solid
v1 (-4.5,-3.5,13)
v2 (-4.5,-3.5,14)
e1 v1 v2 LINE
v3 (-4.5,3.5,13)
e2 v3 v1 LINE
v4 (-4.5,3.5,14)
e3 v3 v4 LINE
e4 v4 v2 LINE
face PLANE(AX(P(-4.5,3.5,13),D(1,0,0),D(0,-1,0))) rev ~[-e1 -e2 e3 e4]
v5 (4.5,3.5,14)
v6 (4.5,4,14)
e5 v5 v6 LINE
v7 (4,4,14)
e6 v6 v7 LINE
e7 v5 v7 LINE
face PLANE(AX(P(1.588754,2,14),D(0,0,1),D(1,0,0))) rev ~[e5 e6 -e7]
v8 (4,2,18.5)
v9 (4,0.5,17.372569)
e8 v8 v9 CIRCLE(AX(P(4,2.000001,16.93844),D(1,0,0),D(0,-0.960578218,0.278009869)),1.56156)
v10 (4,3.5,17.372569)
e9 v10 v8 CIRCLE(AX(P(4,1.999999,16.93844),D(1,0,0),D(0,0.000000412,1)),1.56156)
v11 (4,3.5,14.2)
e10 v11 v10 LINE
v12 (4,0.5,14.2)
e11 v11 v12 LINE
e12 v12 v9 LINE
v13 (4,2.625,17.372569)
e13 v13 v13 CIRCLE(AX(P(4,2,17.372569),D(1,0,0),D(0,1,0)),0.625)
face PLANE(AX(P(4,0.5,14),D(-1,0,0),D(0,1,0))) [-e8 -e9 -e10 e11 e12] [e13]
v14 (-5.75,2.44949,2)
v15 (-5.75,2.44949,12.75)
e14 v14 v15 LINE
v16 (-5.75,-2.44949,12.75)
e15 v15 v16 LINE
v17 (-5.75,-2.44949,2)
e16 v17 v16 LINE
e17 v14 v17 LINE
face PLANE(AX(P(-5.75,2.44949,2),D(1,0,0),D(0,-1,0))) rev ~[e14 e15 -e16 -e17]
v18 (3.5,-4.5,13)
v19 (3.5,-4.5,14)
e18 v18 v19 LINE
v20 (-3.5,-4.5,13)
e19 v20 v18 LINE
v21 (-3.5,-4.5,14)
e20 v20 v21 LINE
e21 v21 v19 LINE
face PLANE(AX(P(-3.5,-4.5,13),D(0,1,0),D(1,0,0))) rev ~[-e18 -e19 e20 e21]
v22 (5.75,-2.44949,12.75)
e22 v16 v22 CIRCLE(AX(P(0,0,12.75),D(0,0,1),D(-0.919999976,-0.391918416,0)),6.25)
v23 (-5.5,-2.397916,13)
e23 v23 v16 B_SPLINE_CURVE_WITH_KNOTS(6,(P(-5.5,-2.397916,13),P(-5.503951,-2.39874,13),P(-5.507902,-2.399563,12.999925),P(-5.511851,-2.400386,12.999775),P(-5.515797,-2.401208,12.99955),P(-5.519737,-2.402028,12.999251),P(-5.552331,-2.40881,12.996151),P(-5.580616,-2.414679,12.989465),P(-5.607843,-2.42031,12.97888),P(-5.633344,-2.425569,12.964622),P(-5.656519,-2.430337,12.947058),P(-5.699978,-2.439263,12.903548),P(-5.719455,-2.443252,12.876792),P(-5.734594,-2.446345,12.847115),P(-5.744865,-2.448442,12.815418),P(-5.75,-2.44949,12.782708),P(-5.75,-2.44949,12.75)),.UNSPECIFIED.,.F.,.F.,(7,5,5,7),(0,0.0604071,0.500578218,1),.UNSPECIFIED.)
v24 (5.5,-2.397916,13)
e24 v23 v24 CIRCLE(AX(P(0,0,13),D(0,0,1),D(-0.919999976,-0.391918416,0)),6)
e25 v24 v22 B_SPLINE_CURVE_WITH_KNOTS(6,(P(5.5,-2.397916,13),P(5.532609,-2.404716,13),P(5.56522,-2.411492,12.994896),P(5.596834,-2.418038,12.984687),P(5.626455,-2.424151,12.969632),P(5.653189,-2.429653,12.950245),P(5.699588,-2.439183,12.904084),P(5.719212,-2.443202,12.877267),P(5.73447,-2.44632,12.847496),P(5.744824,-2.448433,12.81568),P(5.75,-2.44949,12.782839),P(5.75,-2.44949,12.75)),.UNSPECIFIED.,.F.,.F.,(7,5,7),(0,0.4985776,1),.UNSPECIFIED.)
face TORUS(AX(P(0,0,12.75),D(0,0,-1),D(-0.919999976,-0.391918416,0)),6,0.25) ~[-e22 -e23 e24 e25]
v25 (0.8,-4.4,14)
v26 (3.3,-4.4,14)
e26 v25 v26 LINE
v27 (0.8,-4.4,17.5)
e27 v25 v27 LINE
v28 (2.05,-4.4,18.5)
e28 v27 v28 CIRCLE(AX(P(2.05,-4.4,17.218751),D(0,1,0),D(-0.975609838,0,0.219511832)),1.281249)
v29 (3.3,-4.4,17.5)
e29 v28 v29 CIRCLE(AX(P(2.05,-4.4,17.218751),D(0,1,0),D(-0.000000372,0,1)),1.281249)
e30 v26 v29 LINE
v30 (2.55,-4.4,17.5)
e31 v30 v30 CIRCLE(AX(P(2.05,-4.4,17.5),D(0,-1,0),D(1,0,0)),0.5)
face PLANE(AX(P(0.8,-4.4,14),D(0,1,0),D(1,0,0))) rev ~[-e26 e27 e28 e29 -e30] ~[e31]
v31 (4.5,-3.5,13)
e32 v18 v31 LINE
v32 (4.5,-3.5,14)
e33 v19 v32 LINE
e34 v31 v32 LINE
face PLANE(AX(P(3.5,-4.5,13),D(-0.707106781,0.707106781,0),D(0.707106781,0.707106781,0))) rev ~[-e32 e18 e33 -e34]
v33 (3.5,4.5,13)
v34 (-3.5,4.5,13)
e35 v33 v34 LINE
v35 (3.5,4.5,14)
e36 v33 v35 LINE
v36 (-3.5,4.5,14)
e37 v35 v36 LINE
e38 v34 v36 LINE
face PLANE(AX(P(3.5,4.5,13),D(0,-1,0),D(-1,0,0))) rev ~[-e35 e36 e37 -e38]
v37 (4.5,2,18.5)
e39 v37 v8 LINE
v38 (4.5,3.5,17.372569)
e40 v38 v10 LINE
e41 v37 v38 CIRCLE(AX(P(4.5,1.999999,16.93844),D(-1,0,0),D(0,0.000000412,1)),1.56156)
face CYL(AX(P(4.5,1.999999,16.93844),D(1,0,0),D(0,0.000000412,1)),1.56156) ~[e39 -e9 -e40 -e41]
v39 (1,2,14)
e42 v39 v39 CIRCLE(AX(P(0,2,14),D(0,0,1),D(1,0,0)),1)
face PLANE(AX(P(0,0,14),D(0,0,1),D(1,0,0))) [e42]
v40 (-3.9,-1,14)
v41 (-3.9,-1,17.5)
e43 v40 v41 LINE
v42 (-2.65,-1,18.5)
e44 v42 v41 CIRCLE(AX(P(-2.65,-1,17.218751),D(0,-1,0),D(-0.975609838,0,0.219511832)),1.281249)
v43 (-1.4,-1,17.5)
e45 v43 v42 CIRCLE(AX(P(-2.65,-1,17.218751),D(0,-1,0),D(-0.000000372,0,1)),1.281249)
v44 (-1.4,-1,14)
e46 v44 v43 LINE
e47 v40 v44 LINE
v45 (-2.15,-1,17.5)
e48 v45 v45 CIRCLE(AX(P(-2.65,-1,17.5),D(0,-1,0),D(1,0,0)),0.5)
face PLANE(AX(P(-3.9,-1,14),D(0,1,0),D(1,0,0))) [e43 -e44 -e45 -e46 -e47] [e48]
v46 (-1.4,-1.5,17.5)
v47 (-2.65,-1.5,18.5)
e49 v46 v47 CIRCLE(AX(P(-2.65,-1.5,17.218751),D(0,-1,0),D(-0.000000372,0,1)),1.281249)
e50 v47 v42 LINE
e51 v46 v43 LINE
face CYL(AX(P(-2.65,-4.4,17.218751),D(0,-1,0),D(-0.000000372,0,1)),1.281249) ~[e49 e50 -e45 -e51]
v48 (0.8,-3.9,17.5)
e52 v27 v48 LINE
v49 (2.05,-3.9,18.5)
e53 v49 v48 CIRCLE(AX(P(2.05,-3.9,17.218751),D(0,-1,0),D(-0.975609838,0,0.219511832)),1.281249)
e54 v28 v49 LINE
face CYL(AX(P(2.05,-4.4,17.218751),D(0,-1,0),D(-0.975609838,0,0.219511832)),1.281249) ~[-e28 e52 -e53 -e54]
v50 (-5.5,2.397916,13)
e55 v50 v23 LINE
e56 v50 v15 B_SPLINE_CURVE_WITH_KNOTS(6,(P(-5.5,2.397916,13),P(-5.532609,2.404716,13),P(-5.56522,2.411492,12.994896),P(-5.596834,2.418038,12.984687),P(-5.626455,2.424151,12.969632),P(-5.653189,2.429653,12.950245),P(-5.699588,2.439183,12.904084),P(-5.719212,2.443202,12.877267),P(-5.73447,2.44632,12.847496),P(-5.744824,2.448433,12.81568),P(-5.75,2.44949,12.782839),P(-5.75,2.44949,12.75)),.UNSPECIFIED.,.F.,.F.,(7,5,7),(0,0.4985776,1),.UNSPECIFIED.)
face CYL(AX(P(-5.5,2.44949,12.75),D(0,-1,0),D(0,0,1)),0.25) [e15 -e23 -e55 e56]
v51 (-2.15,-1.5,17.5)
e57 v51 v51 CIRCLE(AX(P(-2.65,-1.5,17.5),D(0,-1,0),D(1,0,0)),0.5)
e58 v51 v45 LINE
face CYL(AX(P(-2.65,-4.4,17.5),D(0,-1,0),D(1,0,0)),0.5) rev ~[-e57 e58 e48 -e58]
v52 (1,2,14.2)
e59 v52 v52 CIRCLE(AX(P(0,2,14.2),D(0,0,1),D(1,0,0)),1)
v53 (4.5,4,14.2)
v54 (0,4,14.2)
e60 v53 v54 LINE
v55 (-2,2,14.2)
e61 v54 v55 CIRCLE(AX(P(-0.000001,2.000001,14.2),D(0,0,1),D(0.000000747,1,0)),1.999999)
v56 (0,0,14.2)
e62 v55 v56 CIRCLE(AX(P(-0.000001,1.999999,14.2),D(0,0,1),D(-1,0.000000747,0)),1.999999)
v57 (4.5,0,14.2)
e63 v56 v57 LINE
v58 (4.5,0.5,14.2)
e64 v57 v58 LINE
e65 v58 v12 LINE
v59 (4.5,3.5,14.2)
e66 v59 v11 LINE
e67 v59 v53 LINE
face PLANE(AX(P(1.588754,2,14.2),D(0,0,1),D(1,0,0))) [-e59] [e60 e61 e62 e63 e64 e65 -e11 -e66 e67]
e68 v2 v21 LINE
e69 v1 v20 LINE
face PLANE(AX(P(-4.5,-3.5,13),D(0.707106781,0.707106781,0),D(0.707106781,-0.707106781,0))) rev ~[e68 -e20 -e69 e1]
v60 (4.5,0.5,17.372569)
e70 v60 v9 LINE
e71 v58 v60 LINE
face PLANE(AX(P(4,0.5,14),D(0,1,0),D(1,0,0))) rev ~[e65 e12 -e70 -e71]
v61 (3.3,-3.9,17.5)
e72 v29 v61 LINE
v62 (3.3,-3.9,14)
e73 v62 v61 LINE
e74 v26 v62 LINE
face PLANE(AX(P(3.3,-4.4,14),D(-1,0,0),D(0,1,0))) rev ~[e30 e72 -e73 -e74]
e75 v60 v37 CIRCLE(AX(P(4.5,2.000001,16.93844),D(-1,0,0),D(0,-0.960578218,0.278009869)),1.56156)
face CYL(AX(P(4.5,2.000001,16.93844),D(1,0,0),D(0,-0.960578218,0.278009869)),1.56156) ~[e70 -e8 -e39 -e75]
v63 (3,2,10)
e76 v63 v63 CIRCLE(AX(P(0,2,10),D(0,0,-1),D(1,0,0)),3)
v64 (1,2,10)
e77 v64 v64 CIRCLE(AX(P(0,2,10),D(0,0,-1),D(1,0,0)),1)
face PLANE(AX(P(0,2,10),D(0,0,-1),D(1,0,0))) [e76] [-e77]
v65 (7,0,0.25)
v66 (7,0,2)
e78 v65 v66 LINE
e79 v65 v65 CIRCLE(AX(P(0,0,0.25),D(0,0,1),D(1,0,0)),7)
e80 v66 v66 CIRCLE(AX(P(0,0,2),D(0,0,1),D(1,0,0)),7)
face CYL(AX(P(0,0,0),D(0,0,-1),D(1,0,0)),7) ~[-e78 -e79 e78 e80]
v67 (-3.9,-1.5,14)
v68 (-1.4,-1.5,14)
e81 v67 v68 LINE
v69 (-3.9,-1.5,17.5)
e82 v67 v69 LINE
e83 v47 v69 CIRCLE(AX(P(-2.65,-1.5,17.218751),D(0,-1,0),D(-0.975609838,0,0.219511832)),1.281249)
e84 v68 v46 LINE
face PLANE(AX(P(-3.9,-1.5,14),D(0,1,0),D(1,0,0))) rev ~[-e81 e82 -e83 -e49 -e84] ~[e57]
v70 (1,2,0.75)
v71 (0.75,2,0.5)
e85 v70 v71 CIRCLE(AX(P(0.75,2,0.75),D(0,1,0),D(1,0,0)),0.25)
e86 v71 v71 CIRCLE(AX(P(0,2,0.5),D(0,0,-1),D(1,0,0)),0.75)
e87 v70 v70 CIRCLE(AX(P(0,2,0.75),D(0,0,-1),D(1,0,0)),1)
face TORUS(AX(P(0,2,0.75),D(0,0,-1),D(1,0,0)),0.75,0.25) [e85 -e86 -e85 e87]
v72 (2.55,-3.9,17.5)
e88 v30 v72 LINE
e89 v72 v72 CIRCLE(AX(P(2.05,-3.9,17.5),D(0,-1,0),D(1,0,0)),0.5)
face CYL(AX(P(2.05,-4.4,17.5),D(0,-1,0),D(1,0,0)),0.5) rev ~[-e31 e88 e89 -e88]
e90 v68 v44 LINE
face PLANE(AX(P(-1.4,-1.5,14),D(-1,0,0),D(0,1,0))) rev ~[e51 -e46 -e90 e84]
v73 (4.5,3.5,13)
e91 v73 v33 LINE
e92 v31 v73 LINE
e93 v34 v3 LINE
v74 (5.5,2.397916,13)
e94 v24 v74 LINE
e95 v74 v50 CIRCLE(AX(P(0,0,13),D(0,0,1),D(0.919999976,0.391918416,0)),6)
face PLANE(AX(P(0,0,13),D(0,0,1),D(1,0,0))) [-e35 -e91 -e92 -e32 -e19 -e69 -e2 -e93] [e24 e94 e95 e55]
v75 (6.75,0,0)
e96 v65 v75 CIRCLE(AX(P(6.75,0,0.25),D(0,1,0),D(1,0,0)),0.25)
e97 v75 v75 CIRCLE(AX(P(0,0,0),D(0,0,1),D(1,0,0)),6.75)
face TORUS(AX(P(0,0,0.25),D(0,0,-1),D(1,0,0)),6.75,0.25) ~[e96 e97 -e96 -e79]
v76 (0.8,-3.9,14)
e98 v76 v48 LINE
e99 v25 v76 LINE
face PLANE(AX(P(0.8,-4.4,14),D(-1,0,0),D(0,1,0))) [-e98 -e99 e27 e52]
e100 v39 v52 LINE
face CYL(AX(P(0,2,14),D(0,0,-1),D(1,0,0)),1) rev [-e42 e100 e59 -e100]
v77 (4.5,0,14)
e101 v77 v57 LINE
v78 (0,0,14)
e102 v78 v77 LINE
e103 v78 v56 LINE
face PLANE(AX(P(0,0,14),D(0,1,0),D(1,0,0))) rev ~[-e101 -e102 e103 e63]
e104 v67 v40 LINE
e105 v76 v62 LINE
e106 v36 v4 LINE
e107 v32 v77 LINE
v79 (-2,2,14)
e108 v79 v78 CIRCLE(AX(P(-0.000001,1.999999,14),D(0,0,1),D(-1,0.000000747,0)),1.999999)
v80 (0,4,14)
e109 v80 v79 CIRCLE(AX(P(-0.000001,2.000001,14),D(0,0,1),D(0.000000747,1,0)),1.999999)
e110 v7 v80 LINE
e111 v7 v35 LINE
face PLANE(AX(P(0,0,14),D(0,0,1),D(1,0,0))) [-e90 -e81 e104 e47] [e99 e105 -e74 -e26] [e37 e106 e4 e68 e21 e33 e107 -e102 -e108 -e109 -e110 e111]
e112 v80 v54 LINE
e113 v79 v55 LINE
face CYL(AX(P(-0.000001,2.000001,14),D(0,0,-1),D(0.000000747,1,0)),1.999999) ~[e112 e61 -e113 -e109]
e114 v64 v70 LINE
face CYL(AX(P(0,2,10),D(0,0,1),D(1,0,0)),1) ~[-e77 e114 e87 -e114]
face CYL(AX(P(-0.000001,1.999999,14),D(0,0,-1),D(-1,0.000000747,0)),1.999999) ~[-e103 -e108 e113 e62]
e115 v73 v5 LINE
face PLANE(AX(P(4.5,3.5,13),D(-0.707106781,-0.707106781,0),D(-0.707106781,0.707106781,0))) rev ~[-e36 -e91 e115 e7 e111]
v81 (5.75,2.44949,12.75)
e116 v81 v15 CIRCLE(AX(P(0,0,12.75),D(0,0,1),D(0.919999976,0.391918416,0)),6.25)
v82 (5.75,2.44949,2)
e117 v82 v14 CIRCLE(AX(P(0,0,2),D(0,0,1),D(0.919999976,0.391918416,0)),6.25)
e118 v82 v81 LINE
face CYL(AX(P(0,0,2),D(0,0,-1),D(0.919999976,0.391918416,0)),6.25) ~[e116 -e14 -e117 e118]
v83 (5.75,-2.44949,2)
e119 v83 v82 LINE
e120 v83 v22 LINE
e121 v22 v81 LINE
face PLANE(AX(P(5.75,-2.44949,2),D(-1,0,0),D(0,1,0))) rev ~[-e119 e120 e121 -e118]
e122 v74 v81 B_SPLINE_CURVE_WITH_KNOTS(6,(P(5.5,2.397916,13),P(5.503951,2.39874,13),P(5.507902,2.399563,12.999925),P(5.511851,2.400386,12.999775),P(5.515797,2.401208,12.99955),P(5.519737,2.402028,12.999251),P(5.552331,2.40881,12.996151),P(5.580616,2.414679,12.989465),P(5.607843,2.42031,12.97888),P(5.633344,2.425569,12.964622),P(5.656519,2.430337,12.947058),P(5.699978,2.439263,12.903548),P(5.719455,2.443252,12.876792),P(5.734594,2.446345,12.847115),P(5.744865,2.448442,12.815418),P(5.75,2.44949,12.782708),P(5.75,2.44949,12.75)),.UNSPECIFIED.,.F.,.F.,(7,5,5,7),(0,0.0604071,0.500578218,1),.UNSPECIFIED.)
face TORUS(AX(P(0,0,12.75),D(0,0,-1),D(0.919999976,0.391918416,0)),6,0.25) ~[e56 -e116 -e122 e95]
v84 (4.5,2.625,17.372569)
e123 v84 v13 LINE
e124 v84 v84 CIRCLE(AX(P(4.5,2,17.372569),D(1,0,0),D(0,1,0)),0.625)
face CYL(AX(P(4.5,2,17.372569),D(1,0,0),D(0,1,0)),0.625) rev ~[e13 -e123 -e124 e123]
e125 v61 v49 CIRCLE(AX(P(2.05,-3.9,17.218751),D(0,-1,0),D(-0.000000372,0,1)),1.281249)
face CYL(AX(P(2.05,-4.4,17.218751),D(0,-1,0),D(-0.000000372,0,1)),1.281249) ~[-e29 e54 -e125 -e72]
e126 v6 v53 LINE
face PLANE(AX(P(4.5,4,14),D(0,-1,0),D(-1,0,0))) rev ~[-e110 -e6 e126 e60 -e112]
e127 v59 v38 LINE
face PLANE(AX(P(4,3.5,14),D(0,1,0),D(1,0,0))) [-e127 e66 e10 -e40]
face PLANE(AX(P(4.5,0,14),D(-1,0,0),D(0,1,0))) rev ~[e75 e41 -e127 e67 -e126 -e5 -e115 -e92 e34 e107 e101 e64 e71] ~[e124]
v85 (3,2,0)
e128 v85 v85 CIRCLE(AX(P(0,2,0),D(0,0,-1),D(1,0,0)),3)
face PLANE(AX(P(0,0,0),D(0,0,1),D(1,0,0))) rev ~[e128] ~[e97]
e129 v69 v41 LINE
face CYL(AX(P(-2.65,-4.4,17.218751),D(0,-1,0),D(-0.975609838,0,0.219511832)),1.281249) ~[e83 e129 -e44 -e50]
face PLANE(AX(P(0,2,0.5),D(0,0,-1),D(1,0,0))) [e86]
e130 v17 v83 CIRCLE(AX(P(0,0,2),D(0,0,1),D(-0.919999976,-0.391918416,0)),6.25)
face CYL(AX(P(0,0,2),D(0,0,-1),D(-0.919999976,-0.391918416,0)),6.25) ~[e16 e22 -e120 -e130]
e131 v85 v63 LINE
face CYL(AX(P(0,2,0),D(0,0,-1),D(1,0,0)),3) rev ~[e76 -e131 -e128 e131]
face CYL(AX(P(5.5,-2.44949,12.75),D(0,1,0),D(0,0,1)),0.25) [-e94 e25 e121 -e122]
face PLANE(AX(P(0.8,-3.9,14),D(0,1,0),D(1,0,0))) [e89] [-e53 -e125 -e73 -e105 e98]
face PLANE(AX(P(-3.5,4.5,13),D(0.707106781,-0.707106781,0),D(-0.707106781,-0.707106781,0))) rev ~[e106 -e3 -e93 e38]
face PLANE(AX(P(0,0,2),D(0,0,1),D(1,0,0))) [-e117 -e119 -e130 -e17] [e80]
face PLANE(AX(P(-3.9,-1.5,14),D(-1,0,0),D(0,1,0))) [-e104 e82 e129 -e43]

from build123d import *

# Parameters (mm, degrees)
F0_R      = 7
F1_DEPTH  = 2
F3_DEPTH  = 11
F4_R      = 3
F5_DEPTH  = 10
F7_DEPTH  = 1
F8_R      = 1
F9_DEPTH  = 0.2
F10_W     = 0.5
F10_H     = 3
F10_W_2   = 2.5
F10_H_2   = 0.5
F11_DEPTH = 4.5
F12_R     = 0.625
F13_DEPTH = 25
F14_R     = 0.5
F15_DEPTH = 11.401
F16_R     = 1
F17_DEPTH = 9.5
F18_R     = 0.25


with BuildPart() as f1:
    # F0 (on Top) → F1 (new body)
    with BuildSketch(Plane.XY):
        Circle(F0_R)
    extrude(amount=F1_DEPTH)

    # F2 (on face) → F3 (join)
    with BuildSketch(Plane.XY.offset(2)):
        with BuildLine():
            Line((-5.75, 2.44949), (-5.75, -2.44949))
            ThreePointArc((-5.75, -2.44949), (0, -6.25), (5.75, -2.44949))
            Line((5.75, -2.44949), (5.75, 2.44949))
            ThreePointArc((5.75, 2.44949), (0, 6.25), (-5.75, 2.44949))
        make_face()
    extrude(amount=F3_DEPTH)

    # F4 (on face) → F5 (cut)
    with BuildSketch(Plane(origin=(0, 0, 0), x_dir=(1, 0, 0), z_dir=(0, 0, -1))):
        with Locations((0, -2)):
            Circle(F4_R)
    extrude(amount=-F5_DEPTH, mode=Mode.SUBTRACT)

    # F6 (on face) → F7 (join)
    with BuildSketch(Plane.XY.offset(13)):
        Polygon((-3.5, -4.5), (3.5, -4.5), (4.5, -3.5), (4.5, 3.5), (3.5, 4.5), (-3.5, 4.5), (-4.5, 3.5), (-4.5, -3.5), align=None)
    extrude(amount=F7_DEPTH)

    # F8 (on face) → F9 (join)
    with BuildSketch(Plane.XY.offset(14)):
        with BuildLine():
            Line((4.5, 0), (4.5, 4))
            Line((4.5, 4), (0, 4))
            ThreePointArc((0, 4), (-1.414214, 3.414214), (-2, 2))
            ThreePointArc((-2, 2), (-1.414214, 0.585786), (0, 0))
            Line((0, 0), (4.5, 0))
        make_face()
        with Locations((0, 2)):
            Circle(F8_R, mode=Mode.SUBTRACT)
    extrude(amount=F9_DEPTH)

    # F10 (on face) → F11 (join)
    with BuildSketch(Plane.XY.offset(14)):
        with Locations((4.25, 2)):
            Rectangle(F10_W, F10_H)
        with Locations((2.05, -4.15)):
            Rectangle(F10_W_2, F10_H_2)
        with Locations((-2.65, -1.25)):
            Rectangle(F10_W_2, F10_H_2)
    extrude(amount=F11_DEPTH)

    # F12 (on face) → F13 (cut)
    with BuildSketch(Plane.YZ.offset(4.5)):
        with Locations((2, 17.372569)):
            Circle(F12_R)
        with BuildLine():
            ThreePointArc((0.5, 17.372569), (1.06177, 18.186716), (2, 18.5))
            Line((2, 18.5), (0.5, 18.5))
            Line((0.5, 18.5), (0.5, 17.372569))
        make_face()
        with BuildLine():
            ThreePointArc((2, 18.5), (2.93823, 18.186716), (3.5, 17.372569))
            Line((3.5, 17.372569), (3.5, 18.5))
            Line((3.5, 18.5), (2, 18.5))
        make_face()
    extrude(amount=-F13_DEPTH, mode=Mode.SUBTRACT)

    # F14 (on face) → F15 (cut, through all)
    with BuildSketch(Plane.XZ.offset(4.4)):
        with Locations((2.05, 17.5)):
            Circle(F14_R)
        with BuildLine():
            ThreePointArc((2.05, 18.5), (2.850391, 18.219238), (3.3, 17.5))
            Line((3.3, 17.5), (3.3, 18.5))
            Line((3.3, 18.5), (2.05, 18.5))
        make_face()
        with BuildLine():
            ThreePointArc((0.8, 17.5), (1.249609, 18.219238), (2.05, 18.5))
            Line((2.05, 18.5), (0.8, 18.5))
            Line((0.8, 18.5), (0.8, 17.5))
        make_face()
        with Locations((-2.65, 17.5)):
            Circle(F14_R)
        with BuildLine():
            Line((-3.9, 18.5), (-3.9, 17.5))
            ThreePointArc((-3.9, 17.5), (-3.450391, 18.219238), (-2.65, 18.5))
            Line((-2.65, 18.5), (-3.9, 18.5))
        make_face()
        with BuildLine():
            ThreePointArc((-2.65, 18.5), (-1.849609, 18.219238), (-1.4, 17.5))
            Line((-1.4, 17.5), (-1.4, 18.5))
            Line((-1.4, 18.5), (-2.65, 18.5))
        make_face()
    extrude(amount=-F15_DEPTH, mode=Mode.SUBTRACT)

    # F16 (on face) → F17 (join)
    with BuildSketch(Plane(origin=(0, 0, 10), x_dir=(1, 0, 0), z_dir=(0, 0, -1))):
        with Locations((0, -2)):
            Circle(F16_R)
    extrude(amount=F17_DEPTH)

    # F18
    f18_edges = [f1.edges().sort_by_distance(p)[0] for p in [
        (-1, 2, 0.5),
        (-7, 0, 0),
        (0, 6.25, 13),
        (5.75, 0, 13),
        (0, -6.25, 13),
        (-5.75, 0, 13),
    ]]
    fillet(f18_edges, radius=F18_R)


solid = f1.part
